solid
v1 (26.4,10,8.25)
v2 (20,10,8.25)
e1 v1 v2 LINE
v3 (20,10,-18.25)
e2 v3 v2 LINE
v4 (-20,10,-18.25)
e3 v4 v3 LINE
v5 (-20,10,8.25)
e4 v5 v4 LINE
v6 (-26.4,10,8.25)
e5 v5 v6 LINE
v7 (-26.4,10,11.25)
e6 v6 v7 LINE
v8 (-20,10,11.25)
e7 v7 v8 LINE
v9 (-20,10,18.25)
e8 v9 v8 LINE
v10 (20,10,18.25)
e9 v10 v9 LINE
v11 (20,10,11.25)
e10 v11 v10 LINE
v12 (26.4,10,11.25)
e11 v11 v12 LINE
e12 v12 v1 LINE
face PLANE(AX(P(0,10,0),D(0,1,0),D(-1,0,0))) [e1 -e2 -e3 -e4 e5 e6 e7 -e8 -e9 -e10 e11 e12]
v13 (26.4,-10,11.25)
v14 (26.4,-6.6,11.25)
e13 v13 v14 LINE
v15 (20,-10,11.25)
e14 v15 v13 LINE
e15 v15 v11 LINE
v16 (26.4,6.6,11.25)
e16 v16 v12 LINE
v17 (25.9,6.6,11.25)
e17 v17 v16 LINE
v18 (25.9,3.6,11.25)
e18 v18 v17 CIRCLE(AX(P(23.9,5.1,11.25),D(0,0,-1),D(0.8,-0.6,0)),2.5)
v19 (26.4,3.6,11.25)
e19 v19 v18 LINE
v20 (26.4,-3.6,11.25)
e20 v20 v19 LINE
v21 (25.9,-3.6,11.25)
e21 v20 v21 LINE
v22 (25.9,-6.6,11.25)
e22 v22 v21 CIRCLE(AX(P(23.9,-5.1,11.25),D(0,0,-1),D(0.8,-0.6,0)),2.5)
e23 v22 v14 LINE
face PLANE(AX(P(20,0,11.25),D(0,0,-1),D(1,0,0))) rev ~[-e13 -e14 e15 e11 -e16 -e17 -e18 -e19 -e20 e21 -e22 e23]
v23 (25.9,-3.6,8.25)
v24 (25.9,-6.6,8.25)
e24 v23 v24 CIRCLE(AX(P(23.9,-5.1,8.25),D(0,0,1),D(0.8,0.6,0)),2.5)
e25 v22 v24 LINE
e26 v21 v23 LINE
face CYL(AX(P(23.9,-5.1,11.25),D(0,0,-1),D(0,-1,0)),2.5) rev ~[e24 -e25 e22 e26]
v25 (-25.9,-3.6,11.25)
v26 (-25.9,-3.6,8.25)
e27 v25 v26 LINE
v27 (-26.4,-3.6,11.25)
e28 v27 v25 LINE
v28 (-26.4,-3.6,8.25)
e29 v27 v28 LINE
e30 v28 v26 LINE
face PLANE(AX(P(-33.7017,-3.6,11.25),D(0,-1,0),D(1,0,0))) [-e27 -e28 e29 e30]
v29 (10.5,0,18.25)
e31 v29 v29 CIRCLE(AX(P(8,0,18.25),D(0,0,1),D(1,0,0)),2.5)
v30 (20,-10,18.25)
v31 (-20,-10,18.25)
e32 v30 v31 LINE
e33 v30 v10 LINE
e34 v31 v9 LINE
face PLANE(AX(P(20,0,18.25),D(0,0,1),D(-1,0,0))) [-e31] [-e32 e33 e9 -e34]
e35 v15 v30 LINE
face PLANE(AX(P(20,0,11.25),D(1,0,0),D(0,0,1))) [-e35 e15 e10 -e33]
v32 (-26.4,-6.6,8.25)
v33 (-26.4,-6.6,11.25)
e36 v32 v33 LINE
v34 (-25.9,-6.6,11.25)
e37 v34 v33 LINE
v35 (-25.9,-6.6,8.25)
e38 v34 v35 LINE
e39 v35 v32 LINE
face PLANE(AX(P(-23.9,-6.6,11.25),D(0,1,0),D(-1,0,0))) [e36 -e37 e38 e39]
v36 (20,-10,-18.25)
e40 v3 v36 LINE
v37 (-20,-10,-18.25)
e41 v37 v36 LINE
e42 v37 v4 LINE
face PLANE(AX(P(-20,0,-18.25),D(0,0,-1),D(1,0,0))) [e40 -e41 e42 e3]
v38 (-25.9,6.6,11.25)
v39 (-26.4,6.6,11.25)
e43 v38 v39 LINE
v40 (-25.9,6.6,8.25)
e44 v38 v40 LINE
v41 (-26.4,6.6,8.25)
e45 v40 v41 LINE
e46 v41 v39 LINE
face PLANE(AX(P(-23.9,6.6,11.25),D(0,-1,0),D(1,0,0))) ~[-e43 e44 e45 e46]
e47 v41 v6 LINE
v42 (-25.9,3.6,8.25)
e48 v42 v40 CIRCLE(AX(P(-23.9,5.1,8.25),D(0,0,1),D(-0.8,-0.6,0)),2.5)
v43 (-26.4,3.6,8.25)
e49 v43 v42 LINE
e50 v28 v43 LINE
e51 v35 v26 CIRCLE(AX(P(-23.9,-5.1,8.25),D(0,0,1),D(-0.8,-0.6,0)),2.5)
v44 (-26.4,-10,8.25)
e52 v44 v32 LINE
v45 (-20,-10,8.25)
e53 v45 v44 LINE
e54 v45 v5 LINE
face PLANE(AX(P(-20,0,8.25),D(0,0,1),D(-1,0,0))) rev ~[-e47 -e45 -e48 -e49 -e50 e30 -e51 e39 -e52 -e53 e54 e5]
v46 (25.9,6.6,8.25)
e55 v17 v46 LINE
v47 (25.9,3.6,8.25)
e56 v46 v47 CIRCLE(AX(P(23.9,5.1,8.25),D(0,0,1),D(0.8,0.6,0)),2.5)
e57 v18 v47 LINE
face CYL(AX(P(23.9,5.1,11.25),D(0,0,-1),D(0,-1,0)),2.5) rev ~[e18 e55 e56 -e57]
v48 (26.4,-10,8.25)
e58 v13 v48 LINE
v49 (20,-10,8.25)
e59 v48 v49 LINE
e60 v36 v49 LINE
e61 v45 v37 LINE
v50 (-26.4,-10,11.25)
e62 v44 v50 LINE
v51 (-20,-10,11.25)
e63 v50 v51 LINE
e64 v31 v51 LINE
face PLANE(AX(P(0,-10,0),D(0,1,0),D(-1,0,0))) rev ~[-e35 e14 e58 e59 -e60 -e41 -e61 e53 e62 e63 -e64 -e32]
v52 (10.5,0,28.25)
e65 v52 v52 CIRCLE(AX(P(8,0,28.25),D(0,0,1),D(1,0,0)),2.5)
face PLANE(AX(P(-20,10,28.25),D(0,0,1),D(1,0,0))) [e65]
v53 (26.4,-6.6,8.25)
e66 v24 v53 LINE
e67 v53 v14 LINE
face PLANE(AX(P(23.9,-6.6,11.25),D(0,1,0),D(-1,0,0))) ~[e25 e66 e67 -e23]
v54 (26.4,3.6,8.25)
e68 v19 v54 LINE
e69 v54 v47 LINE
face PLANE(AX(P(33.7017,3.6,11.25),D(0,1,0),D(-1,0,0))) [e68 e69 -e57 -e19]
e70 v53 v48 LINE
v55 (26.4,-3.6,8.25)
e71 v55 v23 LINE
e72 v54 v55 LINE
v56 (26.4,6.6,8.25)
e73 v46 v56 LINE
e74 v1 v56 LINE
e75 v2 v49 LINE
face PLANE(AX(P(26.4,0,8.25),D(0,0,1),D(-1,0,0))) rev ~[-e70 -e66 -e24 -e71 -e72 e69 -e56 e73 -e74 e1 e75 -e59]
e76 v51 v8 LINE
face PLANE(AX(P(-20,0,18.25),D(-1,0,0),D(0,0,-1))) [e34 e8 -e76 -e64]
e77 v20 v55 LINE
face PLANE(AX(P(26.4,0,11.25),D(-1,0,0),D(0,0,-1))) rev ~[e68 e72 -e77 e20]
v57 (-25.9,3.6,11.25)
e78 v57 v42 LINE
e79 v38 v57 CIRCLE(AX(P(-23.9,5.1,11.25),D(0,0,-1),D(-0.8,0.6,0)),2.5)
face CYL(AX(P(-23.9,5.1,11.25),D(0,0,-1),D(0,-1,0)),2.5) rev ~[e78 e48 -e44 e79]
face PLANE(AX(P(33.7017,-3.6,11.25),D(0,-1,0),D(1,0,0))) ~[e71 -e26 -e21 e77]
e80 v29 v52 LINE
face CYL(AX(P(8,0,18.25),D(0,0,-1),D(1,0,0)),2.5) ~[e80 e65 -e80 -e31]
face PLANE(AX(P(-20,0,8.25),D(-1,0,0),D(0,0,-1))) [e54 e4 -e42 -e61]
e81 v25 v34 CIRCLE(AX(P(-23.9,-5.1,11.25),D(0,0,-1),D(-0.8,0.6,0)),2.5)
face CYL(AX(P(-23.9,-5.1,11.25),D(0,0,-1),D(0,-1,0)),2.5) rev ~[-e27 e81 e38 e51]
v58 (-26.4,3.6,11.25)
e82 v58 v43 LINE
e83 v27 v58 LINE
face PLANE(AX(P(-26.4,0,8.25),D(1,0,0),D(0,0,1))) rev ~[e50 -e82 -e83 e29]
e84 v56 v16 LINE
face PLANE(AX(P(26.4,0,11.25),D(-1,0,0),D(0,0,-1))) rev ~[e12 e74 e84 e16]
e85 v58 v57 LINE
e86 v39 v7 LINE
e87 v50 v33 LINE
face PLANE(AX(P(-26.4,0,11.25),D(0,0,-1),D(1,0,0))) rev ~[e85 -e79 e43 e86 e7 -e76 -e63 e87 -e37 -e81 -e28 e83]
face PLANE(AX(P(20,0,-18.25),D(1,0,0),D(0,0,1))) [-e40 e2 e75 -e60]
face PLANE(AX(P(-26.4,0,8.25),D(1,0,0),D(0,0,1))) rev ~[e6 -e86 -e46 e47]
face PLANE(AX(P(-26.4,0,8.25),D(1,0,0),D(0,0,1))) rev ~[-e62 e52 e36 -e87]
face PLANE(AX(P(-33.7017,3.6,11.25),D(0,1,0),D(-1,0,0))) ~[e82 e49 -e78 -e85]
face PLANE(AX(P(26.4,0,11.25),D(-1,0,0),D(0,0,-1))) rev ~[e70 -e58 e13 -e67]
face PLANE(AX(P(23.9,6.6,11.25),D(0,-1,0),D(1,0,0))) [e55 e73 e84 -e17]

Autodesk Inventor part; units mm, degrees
ref_plane "YZ Plane" through (0, 0, 0) normal (1, 0, 0) x (0, 1, 0)
ref_plane "XZ Plane" through (0, 0, 0) normal (0, 1, 0) x (-1, 0, 0)
ref_plane "XY Plane" through (0, 0, 0) normal (0, 0, 1) x (1, 0, 0)
sketch "草圖1" plane through (0, 0, 0) normal (0, 1, 0) x (-1, 0, 0)
  line L0 (20, -18.25) -> (-20, -18.25)
  line L1 (-20, -18.25) -> (-20, 18.25)
  line L2 (-20, 18.25) -> (20, 18.25)
  line L3 (20, 18.25) -> (20, -18.25)
  line L4 (20, -18.25) -> (-20, 18.25) construction
  line L5 (-20, -18.25) -> (20, 18.25) construction
  line L6 (26.4, 11.25) -> (-26.4, 11.25)
  line L7 (-26.4, 11.25) -> (-26.4, 8.25)
  line L8 (-26.4, 8.25) -> (26.4, 8.25)
  line L9 (26.4, 8.25) -> (26.4, 11.25)
  point P0 (0, 0)
  point P1 (0, 11.25)
  point P2 (0, 18.25)
  dimension "d0" = 40
  dimension "d1" = 36.5
  dimension "d2" = 3
  dimension "d4" = 52.8
  dimension "d5" = 26.5
extrude "擠出1" add sketch "草圖1" along normal mid plane 20
sketch "草圖2" plane through (20, -10, 11.25) normal (0, 0, 1) x (1, 0, 0)
  line L0 (-40, 0) -> (-40, 20) construction
  line L1 (0, 20) -> (-40, 20) construction
  line L2 (0, 20) -> (0, 0) construction
  line L3 (-40, 0) -> (0, 0) construction
  line L4 (-43.9, 4.9) -> (3.9, 4.9) construction
  line L5 (3.9, 4.9) -> (3.9, 15.1) construction
  line L6 (3.9, 15.1) -> (-43.9, 15.1) construction
  line L7 (-43.9, 15.1) -> (-43.9, 4.9) construction
  line L8 (-43.9, 4.9) -> (3.9, 15.1) construction
  line L9 (3.9, 4.9) -> (-43.9, 15.1) construction
  point P0 (-20, 10)
  dimension "d8" = 47.8
  dimension "d9" = 10.2
hole "孔1" at (23.9, 5.1, 11.25) at (23.9, -5.1, 11.25) at (-23.9, -5.1, 11.25) at (-23.9, 5.1, 11.25) direction (0, 0, -1) diameter 5 depth 8 tip angle 118
sketch "草圖3" plane through (20, -10, 11.25) normal (0, 0, 1) x (1, 0, 0)
  circle A0 centre (3.9, 15.1) radius 2.5 construction
  line L0 (3.9, 16.6) -> (13.7017, 16.6)
  line L1 (13.7017, 16.6) -> (13.7017, 13.6)
  line L2 (13.7017, 13.6) -> (3.9, 13.6)
  line L3 (3.9, 13.6) -> (3.9, 16.6)
  point P0 (-20, 10)
  point P1 (6.4, 15.1)
  dimension "d17" = 3
extrude "擠出2" cut sketch "草圖3" against normal blind 20
mirror "鏡射1" about plane through (0, 0, 0) normal (0, 1, 0) of "擠出2"
mirror "鏡射2" about plane through (0, 0, 0) normal (1, 0, 0) of "擠出2", "鏡射1"
sketch "草圖4" plane through (-20, 10, 18.25) normal (0, 0, 1) x (1, 0, 0)
  circle A0 centre (28, -10) radius 2.5
  line L0 (40, 0) -> (40, -20) construction
  line L1 (0, 0) -> (0, -20) projected
  point P0 (20, -10)
  dimension "d20" = 5
  dimension "d25" = 12
extrude "擠出3" add sketch "草圖4" along normal blind 10
properties part number "馬達"
